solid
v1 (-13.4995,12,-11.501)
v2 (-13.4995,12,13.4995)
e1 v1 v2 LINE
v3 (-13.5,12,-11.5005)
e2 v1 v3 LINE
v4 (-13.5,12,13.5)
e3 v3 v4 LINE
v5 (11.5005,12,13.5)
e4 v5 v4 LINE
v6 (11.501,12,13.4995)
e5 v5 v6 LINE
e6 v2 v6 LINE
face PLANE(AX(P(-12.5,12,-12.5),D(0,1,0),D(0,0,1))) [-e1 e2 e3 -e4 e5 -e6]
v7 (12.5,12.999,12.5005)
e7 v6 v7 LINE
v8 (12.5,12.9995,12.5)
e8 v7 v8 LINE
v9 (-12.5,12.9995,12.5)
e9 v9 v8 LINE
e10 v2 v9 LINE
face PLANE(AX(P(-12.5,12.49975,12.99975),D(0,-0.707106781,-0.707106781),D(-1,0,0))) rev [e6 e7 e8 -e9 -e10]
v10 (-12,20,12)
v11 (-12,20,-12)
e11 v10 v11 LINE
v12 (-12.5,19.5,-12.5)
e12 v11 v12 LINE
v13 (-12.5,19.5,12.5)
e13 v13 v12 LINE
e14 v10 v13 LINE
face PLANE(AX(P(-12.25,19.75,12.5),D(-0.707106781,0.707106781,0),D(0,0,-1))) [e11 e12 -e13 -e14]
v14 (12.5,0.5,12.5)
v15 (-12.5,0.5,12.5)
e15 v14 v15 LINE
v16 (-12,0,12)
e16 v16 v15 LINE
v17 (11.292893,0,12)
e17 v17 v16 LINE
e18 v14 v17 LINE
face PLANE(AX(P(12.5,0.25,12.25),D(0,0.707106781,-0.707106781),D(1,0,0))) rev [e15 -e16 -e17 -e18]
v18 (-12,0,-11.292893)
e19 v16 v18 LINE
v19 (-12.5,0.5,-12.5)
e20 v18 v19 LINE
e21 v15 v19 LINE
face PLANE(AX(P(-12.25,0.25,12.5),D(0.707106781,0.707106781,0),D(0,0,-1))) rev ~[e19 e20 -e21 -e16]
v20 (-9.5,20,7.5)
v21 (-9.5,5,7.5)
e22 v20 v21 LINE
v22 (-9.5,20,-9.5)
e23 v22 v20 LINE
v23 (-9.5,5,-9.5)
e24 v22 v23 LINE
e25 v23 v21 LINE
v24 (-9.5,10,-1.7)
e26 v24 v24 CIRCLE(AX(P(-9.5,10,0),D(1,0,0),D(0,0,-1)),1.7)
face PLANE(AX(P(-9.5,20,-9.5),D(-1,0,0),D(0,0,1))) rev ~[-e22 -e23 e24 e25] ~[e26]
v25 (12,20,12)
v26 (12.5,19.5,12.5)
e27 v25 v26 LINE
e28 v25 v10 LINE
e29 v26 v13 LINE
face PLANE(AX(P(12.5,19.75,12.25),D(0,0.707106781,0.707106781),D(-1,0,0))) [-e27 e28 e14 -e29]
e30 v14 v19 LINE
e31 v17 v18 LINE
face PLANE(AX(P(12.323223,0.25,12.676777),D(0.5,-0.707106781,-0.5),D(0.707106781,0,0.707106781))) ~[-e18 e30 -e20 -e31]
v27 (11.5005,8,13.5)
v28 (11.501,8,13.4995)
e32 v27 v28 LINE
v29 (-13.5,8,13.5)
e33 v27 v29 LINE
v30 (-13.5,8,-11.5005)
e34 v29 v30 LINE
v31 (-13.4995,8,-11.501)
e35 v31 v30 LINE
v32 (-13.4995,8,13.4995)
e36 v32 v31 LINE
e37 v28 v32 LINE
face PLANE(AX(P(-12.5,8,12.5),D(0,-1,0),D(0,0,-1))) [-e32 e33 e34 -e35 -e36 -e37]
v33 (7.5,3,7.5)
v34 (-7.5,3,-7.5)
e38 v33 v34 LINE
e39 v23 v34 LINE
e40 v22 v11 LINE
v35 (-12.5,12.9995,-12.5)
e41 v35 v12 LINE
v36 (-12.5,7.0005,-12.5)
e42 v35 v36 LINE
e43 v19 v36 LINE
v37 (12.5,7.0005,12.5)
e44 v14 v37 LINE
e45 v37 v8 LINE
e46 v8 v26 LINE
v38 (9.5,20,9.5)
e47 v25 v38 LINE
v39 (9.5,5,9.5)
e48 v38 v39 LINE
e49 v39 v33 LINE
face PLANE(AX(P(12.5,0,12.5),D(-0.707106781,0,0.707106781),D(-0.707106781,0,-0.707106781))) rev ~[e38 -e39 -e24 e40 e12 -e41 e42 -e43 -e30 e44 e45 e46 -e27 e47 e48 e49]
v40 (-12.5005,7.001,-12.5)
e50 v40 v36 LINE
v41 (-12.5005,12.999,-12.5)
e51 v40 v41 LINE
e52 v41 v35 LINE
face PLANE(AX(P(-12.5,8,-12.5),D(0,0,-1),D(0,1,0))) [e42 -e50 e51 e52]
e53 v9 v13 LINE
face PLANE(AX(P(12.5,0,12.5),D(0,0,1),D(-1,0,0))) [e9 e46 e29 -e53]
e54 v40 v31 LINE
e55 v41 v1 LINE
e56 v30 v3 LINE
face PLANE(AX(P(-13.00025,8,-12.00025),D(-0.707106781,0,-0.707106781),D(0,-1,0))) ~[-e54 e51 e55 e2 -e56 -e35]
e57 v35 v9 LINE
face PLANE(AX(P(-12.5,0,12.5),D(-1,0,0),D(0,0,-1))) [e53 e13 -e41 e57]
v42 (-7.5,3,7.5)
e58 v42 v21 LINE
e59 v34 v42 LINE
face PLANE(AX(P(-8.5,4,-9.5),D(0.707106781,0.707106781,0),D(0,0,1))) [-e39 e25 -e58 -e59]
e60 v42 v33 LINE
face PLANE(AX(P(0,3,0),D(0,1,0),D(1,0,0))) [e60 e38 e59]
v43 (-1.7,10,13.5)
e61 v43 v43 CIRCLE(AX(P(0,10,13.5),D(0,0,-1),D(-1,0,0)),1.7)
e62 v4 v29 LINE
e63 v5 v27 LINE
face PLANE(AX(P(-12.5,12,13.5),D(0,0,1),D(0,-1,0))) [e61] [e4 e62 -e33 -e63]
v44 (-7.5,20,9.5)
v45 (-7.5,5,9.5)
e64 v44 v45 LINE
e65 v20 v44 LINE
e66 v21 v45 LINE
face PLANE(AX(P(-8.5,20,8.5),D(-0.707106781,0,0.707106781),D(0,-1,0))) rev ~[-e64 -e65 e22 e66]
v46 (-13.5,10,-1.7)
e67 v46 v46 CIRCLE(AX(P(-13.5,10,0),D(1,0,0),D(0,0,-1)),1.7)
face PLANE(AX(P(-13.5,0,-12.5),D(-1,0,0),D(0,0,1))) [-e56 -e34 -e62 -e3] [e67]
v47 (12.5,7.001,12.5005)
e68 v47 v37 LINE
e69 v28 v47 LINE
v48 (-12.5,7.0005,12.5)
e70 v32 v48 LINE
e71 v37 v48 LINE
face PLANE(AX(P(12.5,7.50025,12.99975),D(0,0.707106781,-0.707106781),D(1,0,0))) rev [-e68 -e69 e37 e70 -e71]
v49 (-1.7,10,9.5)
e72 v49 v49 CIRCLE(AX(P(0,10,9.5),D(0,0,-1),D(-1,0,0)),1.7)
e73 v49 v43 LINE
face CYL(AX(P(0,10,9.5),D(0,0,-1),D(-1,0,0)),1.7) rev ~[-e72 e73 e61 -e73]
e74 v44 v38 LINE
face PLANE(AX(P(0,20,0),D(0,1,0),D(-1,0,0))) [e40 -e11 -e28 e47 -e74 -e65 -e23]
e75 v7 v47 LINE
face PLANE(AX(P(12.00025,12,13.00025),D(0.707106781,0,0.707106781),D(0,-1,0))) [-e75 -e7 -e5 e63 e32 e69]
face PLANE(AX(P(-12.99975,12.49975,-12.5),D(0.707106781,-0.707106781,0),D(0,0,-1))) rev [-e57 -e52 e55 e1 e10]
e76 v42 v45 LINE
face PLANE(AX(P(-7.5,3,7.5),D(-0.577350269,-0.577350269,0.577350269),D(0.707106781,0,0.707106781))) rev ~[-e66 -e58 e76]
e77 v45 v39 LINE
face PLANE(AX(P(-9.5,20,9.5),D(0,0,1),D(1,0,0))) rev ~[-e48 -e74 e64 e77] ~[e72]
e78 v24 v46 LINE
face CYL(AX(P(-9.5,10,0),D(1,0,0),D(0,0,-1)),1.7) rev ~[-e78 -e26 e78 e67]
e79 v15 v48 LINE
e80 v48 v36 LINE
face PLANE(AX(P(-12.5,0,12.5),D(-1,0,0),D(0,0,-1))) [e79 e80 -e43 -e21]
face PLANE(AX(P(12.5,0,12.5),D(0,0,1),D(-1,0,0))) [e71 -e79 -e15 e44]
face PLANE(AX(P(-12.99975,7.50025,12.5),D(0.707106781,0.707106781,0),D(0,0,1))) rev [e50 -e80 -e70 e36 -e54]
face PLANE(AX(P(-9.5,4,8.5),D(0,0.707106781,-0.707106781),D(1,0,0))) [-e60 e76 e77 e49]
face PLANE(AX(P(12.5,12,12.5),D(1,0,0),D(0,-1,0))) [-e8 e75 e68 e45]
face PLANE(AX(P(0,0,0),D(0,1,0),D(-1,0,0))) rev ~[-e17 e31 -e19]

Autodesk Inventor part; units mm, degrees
ref_plane "YZ Plane" through (0, 0, 0) normal (1, 0, 0) x (0, 1, 0)
ref_plane "XZ Plane" through (0, 0, 0) normal (0, 1, 0) x (-1, 0, 0)
ref_plane "XY Plane" through (0, 0, 0) normal (0, 0, 1) x (1, 0, 0)
sketch "Sketch1" plane through (0, 0, 0) normal (0, 1, 0) x (-1, 0, 0)
  line L0 (-12.5, 12.5) -> (12.5, 12.5)
  line L1 (12.5, 12.5) -> (12.5, -12.5)
  line L2 (12.5, -12.5) -> (-12.5, -12.5)
  line L3 (-12.5, -12.5) -> (-12.5, 12.5)
  line L4 (-12.5, 12.5) -> (12.5, -12.5)
  line L5 (12.5, 12.5) -> (-12.5, -12.5) construction
  point P0 (0, 0)
  point P1 (0, 0)
  point P2 (0, 0)
  dimension "d0" = 25
extrude "Extrusion1" add sketch "Sketch1" along normal blind 20 contours L0 L1 L4
sketch "Sketch2" plane through (0, 20, 0) normal (0, 1, 0) x (1, 0, 0)
  line L0 (9.5, 9.5) -> (-9.5, 9.5)
  line L1 (-9.5, 9.5) -> (-9.5, -9.5)
  line L2 (-9.5, -9.5) -> (9.5, -9.5)
  line L3 (9.5, -9.5) -> (9.5, 9.5)
  line L4 (9.5, 9.5) -> (-9.5, -9.5) construction
  line L5 (-9.5, 9.5) -> (9.5, -9.5) construction
  line L6 (-12.5, 12.5) -> (-12.5, -12.5) projected
  line L7 (-12.5, -12.5) -> (12.5, -12.5) projected
  point P0 (0, 0)
  dimension "d3" = 3
  dimension "d4" = 3
extrude "Extrusion2" cut sketch "Sketch2" against normal blind 17
sketch "Sketch5" plane through (-12.5, 0, 12.5) normal (0, 0, 1) x (1, 0, 0)
  line L0 (0, 0) -> (0, 20) construction
  line L1 (0, 10) -> (25, 10) construction
  line L2 (25, 8) -> (0, 8)
  line L3 (0, 8) -> (0, 12)
  line L4 (0, 12) -> (25, 12)
  line L5 (25, 12) -> (25, 8)
  line L6 (25, 8) -> (0, 12) construction
  line L7 (0, 8) -> (25, 12) construction
  line L8 (25, 0) -> (25, 20) projected
  point P0 (12.5, 0)
  point P1 (12.5, 10)
  dimension "d22" = 4
extrude "Extrusion5" add sketch "Sketch5" along normal blind 1
sketch "Sketch6" plane through (-12.5, 0, -12.5) normal (-1, 0, 0) x (0, 0, 1)
  line L0 (25, 8) -> (26, 8) projected
  line L1 (26, 8) -> (0, 8)
  line L2 (0, 8) -> (0, 12)
  line L3 (0, 12) -> (26, 12)
  line L4 (26, 12) -> (26, 8)
  line L5 (0, 0) -> (0, 20) projected
  point P0 (12.5, 0)
extrude "Extrusion6" add sketch "Sketch6" along normal blind 1
chamfer "Chamfer4" distance 1 angle 45 4 edges at (-12.5, 12, 0) (0, 12, 12.5) (0, 8, 12.5) (-12.5, 8, 0)
sketch "Sketch7" plane through (9.5, 20, 9.5) normal (0, 0, -1) x (-1, 0, 0)
  line L0 (19, 0) -> (19, -17) construction
  line L1 (23, -12) -> (23, -8) projected
  line L2 (23, -10) -> (-3, -10) construction
  line L3 (9.5, -20) -> (9.5, 0) construction
  line L4 (0, 0) -> (19, 0) projected
  circle A0 centre (9.5, -10) radius 1.7
  dimension "d30" = 3.4
extrude "Extrusion7" cut sketch "Sketch7" against normal through all
sketch "Sketch8" plane through (-9.5, 20, 9.5) normal (1, 0, 0) x (0, 0, -1)
  line L0 (9.5, -20) -> (9.5, 0) construction
  line L1 (0, 0) -> (19, 0) projected
  line L2 (-1.6609, -10) -> (22, -10) construction
  line L3 (22, -13) -> (22, -7) projected
  circle A0 centre (9.5, -10) radius 1.7
  dimension "d33" = 3.4
extrude "Extrusion8" cut sketch "Sketch8" against normal through all
chamfer "Chamfer5" distance 1 angle 45 2 edges at (12.5, 10, 13.5) (-13.5, 10, -12.5)
chamfer "Chamfer6" distance 2 angle 45 3 edges at (-9.5, 11.5, 9.5) (-9.5, 3, 0) (0, 3, 9.5)
chamfer "Chamfer7" distance 0.5 angle 45 5 edges at (-12.5, 0, 0) (0, 0, 12.5) (0, 0, 0) (-12.5, 20, 0) (0, 20, 12.5)
properties part number "Corner Bracket" material "ABS Plastic"
